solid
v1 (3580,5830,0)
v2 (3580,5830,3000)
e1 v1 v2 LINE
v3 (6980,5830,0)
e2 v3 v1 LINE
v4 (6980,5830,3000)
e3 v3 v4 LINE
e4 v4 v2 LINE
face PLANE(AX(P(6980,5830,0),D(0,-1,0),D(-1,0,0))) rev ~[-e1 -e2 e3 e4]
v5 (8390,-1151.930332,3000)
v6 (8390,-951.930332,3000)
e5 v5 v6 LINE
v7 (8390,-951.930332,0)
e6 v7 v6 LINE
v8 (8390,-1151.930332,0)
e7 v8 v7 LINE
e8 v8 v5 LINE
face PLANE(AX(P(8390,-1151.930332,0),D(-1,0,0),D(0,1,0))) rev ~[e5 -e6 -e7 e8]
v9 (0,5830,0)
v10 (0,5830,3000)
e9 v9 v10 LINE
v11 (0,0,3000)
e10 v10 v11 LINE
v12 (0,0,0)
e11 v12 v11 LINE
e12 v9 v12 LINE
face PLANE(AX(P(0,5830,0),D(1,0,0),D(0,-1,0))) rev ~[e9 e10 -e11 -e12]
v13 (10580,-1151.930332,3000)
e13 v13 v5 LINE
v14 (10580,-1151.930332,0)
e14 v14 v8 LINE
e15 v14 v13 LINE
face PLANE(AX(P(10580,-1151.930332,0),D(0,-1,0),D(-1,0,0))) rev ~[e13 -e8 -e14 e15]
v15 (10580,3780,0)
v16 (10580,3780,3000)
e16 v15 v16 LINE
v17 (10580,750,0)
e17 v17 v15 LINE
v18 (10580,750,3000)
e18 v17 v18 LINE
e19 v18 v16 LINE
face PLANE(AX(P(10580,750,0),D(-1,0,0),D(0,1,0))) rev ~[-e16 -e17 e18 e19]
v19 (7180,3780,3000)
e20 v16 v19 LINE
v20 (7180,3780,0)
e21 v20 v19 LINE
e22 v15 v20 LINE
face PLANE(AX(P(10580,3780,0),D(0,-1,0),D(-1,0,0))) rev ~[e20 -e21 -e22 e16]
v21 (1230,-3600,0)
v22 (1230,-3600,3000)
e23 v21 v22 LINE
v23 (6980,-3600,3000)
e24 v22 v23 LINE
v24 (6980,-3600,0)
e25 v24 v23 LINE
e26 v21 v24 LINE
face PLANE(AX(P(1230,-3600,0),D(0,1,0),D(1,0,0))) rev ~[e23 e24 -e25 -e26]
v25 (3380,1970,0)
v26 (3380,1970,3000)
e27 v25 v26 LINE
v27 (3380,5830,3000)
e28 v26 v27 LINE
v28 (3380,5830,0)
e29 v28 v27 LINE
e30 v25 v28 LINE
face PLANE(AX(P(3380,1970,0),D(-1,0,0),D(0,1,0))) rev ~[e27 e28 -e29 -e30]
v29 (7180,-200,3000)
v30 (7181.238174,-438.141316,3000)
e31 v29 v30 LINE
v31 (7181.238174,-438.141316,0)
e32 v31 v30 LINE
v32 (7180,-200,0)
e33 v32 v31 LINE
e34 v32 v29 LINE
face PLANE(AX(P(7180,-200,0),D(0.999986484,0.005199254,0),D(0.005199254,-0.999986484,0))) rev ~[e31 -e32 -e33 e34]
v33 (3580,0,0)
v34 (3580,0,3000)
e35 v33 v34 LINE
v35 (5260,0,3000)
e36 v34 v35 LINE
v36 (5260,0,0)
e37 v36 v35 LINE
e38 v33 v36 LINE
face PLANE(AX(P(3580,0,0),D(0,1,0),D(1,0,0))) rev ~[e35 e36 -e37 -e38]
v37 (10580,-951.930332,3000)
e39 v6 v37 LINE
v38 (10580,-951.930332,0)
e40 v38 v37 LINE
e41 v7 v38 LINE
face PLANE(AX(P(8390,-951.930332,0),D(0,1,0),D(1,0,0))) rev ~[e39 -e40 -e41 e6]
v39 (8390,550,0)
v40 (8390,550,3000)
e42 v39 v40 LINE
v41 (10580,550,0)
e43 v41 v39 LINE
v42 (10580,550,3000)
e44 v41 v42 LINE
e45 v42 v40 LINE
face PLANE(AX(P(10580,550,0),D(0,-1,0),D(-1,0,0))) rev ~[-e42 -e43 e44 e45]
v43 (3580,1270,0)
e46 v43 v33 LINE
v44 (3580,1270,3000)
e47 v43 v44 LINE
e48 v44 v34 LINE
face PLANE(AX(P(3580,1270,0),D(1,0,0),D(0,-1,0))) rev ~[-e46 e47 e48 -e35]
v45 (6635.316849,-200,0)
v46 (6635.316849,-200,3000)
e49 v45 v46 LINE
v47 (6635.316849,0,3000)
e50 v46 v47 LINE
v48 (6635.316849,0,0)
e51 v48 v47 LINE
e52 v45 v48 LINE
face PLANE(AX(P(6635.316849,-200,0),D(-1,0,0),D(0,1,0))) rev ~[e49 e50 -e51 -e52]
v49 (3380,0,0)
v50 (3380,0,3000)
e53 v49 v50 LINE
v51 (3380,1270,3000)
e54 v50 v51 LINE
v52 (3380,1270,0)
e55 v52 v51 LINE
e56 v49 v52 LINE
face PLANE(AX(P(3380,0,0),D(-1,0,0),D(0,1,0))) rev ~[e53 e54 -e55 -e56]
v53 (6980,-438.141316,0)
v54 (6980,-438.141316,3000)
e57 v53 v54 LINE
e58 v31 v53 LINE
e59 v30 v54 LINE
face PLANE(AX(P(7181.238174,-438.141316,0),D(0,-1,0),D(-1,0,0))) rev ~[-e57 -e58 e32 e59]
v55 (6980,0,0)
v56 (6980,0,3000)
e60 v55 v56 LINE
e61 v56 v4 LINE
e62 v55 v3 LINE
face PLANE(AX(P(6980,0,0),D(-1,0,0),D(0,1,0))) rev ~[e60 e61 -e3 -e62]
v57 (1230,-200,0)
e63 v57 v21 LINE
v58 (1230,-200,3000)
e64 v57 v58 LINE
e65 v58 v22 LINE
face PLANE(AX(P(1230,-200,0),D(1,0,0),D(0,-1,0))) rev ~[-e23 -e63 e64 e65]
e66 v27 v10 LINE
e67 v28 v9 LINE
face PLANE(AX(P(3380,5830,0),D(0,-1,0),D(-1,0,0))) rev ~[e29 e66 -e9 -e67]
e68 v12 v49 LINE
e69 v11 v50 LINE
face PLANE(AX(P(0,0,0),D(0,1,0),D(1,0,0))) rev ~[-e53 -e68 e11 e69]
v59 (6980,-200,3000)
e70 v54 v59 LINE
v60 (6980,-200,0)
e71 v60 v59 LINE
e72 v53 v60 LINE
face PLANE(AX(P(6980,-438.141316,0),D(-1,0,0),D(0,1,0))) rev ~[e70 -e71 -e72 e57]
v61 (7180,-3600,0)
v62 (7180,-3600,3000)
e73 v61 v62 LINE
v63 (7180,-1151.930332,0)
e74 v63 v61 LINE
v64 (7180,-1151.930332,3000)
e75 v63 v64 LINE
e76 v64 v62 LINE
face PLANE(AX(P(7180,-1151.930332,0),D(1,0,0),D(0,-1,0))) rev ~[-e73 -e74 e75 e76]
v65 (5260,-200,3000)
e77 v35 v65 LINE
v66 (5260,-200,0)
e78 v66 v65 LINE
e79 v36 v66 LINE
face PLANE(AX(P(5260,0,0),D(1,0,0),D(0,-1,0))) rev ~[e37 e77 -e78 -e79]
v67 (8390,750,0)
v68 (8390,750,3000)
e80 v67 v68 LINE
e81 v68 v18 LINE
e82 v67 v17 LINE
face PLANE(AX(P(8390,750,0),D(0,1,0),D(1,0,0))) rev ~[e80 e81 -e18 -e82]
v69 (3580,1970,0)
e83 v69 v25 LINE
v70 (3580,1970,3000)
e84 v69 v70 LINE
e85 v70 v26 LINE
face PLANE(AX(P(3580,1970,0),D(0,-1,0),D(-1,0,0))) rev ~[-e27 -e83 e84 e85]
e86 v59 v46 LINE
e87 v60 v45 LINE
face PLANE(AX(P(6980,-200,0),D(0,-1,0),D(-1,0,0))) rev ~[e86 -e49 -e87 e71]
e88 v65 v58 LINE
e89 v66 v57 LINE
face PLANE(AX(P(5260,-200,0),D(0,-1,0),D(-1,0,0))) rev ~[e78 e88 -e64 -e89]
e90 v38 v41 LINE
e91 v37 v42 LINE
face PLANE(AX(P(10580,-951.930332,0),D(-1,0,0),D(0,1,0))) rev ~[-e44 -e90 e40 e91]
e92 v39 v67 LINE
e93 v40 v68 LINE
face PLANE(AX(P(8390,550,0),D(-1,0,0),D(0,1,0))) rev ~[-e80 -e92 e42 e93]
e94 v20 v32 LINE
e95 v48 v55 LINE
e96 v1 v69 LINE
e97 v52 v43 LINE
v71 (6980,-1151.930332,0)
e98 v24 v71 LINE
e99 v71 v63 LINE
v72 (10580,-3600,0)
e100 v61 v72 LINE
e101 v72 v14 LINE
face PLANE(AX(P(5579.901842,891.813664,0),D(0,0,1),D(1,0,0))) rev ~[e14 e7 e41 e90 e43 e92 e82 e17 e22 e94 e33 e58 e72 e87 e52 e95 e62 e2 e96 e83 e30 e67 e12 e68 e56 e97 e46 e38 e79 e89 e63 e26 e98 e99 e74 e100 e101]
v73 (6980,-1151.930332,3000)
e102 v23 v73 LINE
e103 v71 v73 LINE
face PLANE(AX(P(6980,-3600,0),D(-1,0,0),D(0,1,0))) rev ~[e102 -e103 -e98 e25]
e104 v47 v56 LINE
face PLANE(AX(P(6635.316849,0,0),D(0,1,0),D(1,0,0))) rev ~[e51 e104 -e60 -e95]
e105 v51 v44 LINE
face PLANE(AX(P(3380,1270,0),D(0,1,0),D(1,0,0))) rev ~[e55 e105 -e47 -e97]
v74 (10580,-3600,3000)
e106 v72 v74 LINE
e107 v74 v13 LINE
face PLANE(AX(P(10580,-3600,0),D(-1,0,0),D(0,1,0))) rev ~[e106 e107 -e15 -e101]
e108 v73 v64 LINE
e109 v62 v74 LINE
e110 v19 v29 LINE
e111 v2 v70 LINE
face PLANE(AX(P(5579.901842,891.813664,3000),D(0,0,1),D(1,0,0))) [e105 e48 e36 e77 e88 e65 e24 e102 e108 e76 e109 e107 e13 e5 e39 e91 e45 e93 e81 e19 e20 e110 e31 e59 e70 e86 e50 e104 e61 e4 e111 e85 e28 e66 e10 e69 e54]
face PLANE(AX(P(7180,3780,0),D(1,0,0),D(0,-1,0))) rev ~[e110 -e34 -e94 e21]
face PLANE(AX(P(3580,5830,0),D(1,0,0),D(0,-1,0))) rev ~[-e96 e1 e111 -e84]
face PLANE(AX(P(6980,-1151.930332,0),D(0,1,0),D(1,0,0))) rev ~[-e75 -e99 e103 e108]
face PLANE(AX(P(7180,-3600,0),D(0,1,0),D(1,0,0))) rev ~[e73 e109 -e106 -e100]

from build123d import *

# Parameters (mm, degrees)
F1_DEPTH = 3000


with BuildPart() as f1:
    # F0 (on Top) → F1 (new body)
    with BuildSketch(Plane.XY):
        Polygon((0, 5830), (0, 0), (1230, 0), (3380, 0), (3380, 1270), (3580, 1270), (3580, 0), (5260, 0), (5260, -200), (1230, -200), (1230, -3600), (6980, -3600), (6980, -1151.930332), (7180, -1151.930332), (7180, -3600), (10580, -3600), (10580, -3075.965166), (10580, -2375.965166), (10580, -1151.930332), (8390, -1151.930332), (8390, -951.930332), (10580, -951.930332), (10580, 550), (8390, 550), (8390, 750), (10580, 750), (10580, 3780), (7180, 3780), (7180, 0), (7180, -200), (7181.238174, -438.141316), (6980, -438.141316), (6980, -200), (6635.316849, -200), (6635.316849, 0), (6980, 0), (6980, 5830), (3580, 5830), (3580, 1970), (3380, 1970), (3380, 5830), align=None)
    extrude(amount=F1_DEPTH)


solid = f1.part
